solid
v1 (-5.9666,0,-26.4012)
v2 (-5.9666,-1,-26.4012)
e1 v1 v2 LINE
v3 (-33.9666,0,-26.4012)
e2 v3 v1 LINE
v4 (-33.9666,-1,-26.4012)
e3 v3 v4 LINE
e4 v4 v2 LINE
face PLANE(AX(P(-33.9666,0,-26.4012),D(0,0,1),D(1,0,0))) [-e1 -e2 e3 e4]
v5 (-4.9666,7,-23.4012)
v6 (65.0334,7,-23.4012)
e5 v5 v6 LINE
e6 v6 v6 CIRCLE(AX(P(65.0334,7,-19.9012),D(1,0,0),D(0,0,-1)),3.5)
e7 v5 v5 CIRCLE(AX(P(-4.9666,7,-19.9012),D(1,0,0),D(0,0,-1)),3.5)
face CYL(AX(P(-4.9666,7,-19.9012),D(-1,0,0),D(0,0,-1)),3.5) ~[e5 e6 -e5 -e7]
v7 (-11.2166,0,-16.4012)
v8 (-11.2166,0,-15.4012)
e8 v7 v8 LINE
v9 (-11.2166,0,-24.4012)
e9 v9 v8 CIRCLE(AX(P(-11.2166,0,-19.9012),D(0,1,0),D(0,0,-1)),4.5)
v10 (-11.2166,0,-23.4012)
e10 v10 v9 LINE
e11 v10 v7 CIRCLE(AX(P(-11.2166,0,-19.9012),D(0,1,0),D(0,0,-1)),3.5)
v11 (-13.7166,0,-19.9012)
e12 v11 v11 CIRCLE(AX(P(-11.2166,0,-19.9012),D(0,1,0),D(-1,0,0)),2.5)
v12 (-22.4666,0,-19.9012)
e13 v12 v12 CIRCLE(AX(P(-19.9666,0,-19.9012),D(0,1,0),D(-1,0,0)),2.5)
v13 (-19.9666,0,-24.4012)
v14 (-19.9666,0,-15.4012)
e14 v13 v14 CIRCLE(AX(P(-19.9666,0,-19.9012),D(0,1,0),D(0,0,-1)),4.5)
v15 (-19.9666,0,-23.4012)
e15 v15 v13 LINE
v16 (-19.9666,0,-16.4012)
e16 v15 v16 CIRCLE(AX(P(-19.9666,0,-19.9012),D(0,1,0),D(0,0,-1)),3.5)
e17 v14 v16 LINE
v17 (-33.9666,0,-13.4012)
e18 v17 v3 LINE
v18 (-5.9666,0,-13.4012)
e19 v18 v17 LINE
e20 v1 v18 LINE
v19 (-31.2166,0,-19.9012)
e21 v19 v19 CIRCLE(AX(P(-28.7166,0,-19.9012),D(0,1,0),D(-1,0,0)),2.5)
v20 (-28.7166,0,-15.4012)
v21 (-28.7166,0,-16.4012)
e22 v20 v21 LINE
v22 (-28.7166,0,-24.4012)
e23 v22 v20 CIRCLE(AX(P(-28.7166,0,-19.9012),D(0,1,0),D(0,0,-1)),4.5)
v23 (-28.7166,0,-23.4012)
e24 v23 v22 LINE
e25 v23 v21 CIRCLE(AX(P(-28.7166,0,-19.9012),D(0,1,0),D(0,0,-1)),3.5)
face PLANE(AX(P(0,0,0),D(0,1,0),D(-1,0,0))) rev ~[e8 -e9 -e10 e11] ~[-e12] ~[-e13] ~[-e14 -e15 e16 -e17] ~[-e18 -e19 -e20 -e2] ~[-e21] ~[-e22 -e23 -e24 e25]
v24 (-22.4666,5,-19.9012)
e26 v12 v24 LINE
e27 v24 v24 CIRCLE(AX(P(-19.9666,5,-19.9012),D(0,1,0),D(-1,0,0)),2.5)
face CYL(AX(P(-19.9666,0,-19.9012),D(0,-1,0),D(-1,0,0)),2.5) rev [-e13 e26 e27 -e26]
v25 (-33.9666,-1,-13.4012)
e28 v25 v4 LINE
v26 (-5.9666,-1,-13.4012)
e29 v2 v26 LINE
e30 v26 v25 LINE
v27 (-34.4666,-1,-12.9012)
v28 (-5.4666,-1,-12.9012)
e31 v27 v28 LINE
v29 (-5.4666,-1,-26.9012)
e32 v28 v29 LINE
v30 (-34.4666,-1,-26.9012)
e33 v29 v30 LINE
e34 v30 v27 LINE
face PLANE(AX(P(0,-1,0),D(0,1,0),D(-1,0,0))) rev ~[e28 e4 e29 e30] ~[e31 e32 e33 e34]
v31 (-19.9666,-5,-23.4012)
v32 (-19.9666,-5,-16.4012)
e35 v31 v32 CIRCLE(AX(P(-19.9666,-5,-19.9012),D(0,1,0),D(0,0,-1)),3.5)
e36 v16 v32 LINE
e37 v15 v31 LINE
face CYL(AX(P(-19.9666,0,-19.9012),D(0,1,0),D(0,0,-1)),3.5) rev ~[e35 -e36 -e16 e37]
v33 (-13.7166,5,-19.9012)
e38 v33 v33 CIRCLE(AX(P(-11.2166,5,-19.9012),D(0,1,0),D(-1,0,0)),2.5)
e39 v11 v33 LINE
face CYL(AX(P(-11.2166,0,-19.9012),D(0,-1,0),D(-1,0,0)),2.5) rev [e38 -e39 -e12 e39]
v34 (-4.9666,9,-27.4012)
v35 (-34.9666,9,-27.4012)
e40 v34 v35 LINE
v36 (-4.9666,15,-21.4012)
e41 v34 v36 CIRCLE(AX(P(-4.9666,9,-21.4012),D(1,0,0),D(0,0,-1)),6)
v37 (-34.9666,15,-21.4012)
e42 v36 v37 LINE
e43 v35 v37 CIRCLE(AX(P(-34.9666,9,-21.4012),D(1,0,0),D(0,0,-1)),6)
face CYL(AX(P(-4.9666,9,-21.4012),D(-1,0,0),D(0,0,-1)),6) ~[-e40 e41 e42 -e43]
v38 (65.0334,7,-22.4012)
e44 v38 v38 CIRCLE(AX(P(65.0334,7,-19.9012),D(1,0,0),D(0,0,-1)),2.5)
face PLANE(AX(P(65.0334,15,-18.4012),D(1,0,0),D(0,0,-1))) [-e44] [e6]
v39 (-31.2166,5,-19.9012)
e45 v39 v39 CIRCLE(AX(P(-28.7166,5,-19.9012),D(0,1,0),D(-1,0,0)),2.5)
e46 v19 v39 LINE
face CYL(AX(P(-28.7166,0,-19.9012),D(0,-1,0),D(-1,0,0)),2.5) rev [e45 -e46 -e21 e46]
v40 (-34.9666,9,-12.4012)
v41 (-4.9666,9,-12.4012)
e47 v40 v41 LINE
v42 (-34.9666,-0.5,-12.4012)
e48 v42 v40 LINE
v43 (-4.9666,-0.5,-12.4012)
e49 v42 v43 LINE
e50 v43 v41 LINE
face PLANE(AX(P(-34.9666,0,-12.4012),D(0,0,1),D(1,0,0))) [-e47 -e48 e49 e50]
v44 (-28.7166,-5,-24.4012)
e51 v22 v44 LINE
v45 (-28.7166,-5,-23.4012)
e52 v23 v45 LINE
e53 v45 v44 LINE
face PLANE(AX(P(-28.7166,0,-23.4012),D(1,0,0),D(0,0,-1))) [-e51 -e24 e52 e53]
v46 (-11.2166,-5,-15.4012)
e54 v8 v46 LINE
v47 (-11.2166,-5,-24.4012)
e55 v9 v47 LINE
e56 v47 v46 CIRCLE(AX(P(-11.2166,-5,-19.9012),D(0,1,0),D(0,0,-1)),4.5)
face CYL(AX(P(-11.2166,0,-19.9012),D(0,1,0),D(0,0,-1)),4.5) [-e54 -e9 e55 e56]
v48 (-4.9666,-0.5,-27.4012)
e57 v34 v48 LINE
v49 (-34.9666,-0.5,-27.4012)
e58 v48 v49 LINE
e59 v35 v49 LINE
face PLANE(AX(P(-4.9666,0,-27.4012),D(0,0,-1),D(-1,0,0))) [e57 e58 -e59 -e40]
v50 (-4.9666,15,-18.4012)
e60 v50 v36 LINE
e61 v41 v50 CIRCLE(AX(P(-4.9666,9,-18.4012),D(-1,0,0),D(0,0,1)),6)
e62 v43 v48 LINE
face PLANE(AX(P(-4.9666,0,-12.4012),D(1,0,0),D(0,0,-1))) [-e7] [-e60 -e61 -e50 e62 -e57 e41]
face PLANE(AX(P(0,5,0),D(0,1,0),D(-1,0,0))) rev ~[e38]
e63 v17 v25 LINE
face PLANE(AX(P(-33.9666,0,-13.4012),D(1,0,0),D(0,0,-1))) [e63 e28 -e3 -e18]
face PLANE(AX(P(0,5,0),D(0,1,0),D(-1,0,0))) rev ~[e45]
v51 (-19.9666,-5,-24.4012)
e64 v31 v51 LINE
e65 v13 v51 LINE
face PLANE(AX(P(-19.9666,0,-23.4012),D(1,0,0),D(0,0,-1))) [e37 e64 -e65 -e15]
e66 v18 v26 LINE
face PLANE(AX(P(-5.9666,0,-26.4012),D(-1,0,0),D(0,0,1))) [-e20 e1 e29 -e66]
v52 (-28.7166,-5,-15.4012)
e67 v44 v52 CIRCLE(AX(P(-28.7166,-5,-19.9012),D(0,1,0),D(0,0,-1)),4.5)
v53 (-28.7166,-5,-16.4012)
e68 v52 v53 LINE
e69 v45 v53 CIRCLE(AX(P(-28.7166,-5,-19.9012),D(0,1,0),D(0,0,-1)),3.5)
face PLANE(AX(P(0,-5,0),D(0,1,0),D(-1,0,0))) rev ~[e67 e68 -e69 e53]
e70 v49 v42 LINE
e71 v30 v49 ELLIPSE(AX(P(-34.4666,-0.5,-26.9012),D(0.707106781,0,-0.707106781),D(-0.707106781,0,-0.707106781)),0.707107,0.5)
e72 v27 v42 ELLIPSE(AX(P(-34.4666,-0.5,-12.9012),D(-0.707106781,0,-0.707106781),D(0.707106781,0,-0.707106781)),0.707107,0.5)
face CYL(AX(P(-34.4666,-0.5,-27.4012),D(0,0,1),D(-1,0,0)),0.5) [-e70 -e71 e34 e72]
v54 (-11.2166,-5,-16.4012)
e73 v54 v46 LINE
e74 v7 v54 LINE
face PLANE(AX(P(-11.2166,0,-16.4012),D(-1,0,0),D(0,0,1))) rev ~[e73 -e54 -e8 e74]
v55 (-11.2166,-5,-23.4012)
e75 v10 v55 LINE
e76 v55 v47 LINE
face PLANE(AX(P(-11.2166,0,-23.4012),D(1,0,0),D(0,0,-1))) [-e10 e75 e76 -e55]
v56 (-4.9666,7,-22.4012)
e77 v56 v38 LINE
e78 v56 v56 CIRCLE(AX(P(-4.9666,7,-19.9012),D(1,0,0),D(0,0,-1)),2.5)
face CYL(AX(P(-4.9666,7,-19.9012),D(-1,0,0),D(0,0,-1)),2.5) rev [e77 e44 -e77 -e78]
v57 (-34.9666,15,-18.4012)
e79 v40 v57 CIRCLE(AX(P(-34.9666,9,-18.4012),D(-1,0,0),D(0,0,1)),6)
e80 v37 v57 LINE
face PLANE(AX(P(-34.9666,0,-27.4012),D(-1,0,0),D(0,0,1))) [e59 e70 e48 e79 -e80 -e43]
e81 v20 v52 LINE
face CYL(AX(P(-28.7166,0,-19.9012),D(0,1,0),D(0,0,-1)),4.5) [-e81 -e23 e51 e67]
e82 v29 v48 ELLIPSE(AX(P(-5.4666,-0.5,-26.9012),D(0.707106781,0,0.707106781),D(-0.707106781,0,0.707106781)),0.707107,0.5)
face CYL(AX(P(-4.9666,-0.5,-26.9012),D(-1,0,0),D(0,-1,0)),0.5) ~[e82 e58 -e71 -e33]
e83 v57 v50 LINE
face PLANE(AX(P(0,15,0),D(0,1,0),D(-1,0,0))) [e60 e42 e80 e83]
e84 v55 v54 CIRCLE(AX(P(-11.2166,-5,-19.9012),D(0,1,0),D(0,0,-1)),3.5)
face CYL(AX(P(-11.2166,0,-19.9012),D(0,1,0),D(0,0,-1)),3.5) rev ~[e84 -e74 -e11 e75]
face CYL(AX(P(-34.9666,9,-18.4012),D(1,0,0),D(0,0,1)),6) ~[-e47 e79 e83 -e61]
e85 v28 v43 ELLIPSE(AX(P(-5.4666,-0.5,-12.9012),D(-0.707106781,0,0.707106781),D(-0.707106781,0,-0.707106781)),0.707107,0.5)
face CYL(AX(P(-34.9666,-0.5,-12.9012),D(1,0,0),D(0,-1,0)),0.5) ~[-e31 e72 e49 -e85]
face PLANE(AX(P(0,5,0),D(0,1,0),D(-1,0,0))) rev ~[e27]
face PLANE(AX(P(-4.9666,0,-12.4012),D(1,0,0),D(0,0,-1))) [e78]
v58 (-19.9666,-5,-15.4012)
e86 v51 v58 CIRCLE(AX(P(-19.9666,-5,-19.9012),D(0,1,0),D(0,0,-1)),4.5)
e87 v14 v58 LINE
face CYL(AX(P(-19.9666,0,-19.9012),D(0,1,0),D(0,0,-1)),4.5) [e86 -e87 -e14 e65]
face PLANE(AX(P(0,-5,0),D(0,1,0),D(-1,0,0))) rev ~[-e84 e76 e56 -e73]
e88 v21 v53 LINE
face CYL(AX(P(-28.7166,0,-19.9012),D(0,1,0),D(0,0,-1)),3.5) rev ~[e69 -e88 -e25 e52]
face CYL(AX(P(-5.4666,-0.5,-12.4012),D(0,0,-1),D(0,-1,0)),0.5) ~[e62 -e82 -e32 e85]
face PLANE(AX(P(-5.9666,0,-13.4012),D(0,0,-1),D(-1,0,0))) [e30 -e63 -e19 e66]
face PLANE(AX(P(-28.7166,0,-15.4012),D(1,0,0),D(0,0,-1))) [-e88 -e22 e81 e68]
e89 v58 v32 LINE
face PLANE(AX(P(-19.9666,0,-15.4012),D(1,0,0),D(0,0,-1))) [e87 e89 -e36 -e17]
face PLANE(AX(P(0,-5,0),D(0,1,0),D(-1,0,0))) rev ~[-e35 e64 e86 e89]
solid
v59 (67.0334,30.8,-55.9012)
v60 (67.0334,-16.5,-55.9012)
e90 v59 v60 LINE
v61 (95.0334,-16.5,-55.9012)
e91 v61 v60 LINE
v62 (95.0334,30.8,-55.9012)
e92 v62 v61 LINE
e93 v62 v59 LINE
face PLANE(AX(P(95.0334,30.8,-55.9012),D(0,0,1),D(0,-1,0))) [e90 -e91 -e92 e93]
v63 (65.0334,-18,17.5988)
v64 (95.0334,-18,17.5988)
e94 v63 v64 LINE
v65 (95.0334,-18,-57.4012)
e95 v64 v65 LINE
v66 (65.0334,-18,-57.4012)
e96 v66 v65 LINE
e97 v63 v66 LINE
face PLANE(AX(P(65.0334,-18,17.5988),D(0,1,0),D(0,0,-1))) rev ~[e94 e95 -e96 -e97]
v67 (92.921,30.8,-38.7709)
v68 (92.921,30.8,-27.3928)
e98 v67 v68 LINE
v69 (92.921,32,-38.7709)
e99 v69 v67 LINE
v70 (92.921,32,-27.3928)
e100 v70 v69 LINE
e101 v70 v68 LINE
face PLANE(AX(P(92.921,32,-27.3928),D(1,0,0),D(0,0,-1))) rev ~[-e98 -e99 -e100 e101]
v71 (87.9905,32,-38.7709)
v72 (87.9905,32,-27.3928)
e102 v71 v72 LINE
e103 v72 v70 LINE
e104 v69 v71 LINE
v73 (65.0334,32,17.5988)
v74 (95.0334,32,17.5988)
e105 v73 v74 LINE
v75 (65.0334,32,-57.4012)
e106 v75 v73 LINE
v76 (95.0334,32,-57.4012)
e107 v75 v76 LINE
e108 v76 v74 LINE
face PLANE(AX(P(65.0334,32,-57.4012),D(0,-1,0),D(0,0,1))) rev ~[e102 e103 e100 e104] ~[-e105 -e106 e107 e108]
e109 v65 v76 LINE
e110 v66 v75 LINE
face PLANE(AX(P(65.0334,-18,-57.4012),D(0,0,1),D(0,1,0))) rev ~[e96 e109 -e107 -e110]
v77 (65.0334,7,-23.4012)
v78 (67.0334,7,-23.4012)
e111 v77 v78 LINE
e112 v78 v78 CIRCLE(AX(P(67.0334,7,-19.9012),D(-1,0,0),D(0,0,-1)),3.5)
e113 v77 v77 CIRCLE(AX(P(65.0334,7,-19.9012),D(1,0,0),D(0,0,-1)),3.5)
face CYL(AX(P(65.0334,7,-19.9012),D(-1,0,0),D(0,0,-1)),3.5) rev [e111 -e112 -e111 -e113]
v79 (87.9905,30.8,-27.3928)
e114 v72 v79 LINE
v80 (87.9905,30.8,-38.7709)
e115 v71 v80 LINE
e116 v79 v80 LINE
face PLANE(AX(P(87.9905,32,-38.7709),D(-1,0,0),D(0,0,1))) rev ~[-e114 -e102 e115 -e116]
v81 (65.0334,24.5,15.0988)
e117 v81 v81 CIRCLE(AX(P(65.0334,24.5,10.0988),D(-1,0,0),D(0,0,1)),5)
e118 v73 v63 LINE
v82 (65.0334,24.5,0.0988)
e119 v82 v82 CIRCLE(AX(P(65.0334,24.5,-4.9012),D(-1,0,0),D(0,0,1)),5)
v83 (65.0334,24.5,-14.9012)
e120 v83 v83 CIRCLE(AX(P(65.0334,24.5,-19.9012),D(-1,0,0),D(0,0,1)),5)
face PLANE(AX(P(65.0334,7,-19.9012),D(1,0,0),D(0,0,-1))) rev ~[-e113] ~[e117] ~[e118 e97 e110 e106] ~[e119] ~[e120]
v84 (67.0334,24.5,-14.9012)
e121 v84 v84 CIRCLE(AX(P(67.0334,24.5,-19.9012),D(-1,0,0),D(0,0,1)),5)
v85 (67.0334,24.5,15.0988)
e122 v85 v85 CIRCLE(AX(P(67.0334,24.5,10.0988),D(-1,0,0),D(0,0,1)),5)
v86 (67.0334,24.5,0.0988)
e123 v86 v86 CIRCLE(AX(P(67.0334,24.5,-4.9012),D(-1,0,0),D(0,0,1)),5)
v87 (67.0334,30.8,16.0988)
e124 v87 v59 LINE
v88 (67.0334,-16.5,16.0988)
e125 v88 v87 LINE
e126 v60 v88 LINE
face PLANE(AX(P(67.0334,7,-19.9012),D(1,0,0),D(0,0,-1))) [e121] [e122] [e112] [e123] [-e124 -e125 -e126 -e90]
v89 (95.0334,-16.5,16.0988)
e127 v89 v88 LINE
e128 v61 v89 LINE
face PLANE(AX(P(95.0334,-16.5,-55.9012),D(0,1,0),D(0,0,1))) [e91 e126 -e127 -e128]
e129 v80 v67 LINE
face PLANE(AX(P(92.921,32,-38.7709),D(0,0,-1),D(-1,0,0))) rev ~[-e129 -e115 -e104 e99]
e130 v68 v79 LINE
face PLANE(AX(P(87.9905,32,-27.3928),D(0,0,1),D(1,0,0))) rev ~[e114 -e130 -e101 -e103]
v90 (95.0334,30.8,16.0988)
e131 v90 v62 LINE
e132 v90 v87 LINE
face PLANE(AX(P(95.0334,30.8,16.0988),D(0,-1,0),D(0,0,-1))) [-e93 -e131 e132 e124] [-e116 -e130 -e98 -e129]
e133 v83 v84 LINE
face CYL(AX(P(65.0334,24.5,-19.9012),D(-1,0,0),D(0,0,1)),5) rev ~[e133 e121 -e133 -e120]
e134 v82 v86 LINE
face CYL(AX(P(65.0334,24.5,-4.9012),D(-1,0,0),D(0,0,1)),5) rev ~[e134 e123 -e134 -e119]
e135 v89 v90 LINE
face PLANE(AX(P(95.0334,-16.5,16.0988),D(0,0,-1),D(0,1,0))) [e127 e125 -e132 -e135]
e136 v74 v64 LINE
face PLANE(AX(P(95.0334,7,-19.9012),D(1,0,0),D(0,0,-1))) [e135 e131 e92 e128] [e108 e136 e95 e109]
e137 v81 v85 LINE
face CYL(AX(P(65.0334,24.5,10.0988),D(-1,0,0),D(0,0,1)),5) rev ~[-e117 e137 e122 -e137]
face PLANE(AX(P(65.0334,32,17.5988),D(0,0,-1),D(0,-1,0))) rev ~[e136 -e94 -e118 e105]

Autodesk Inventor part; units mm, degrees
ref_plane "YZ Plane" through (0, 0, 0) normal (1, 0, 0) x (0, 1, 0)
ref_plane "XZ Plane" through (0, 0, 0) normal (0, 1, 0) x (-1, 0, 0)
ref_plane "XY Plane" through (0, 0, 0) normal (0, 0, 1) x (1, 0, 0)
sketch "Skizze1" plane through (0, 0, 0) normal (0, 1, 0) x (-1, 0, 0)
  line L0 (34.9666, -12.4012) -> (4.9666, -12.4012)
  line L1 (4.9666, -12.4012) -> (4.9666, -27.4012)
  line L2 (4.9666, -27.4012) -> (34.9666, -27.4012)
  line L3 (34.9666, -27.4012) -> (34.9666, -12.4012)
  circle A0 centre (28.7166, -19.9012) radius 2.5
  circle A1 centre (19.9666, -19.9012) radius 2.5
  circle A2 centre (11.2166, -19.9012) radius 2.5
  line L4 (34.9666, -19.9012) -> (4.9666, -19.9012) construction
  arc A3 (19.9666, -23.4012) -> (19.9666, -16.4012) centre (19.9666, -19.9012) ccw
  arc A4 (28.7166, -23.4012) -> (28.7166, -16.4012) centre (28.7166, -19.9012) ccw
  arc A5 (11.2166, -23.4012) -> (11.2166, -16.4012) centre (11.2166, -19.9012) ccw
  arc A6 (11.2166, -24.4012) -> (11.2166, -15.4012) centre (11.2166, -19.9012) ccw
  arc A7 (19.9666, -24.4012) -> (19.9666, -15.4012) centre (19.9666, -19.9012) ccw
  arc A8 (28.7166, -24.4012) -> (28.7166, -15.4012) centre (28.7166, -19.9012) ccw
  line L5 (11.2166, -16.4012) -> (11.2166, -15.4012)
  line L6 (11.2166, -23.4012) -> (11.2166, -24.4012)
  line L7 (19.9666, -15.4012) -> (19.9666, -16.4012)
  line L8 (19.9666, -23.4012) -> (19.9666, -24.4012)
  line L9 (28.7166, -15.4012) -> (28.7166, -16.4012)
  line L10 (28.7166, -23.4012) -> (28.7166, -24.4012)
  line L11 (33.9666, -26.4012) -> (5.9666, -26.4012)
  line L12 (5.9666, -26.4012) -> (5.9666, -13.4012)
  line L13 (5.9666, -13.4012) -> (33.9666, -13.4012)
  line L14 (33.9666, -13.4012) -> (33.9666, -26.4012)
  point P0 (0, 0)
  dimension "d0" = 30
  dimension "d1" = 5
  dimension "d2" = 5
  dimension "d3" = 5
  dimension "d4" = 15
  dimension "d6" = 0
  dimension "d7" = 0
  dimension "d8" = 0
  dimension "d11" = 6.25
  dimension "d12" = 6.25
  dimension "d14" = 8.75
  dimension "d15" = 3.5
  dimension "d16" = 3.5
  dimension "d17" = 3.5
  dimension "d18" = 4.5
  dimension "d19" = 4.5
  dimension "d20" = 4.5
  dimension "d26" = 1
  dimension "d27" = 1
  dimension "d28" = 1
  dimension "d29" = 1
extrude "Extrusion1" add sketch "Skizze1" along normal blind 15 contours L3 L2 L1 L0 | A0 | A1 | A2 | A3 L7 A7 L8 | A4 L9 A8 L10 | A5 L5 A6 L6 | L11 L12 L13 L14
extrude "Extrusion2" add sketch "Skizze1" against normal blind 5 contours A3 L7 A7 L8 | A4 L9 A8 L10 | A5 L5 A6 L6
fillet "Rundung1" radius 6 2 edges at (-19.9666, 15, -12.4012) (-19.9666, 15, -27.4012)
extrude "Extrusion3" add sketch "Skizze1" against normal blind 1 contours L3 L2 L1 L0
extrude "Extrusion4" cut sketch "Skizze1" along normal blind 5 contours A0 | A1 | A2
fillet "Rundung3" radius 0.5 4 edges at (-19.9666, -1, -27.4012) (-4.9666, -1, -19.9012) (-19.9666, -1, -12.4012) (-34.9666, -1, -19.9012)
sketch "Skizze2" plane through (-4.9666, 15, -18.4012) normal (1, 0, 0) x (0, 0, -1)
  circle A0 centre (1.5, -8) radius 3.5
  circle A1 centre (1.5, -8) radius 2.5
  line L0 (-6, -6) -> (-6, -15.5) projected
  line L1 (0, 0) -> (3, 0) projected
  line L2 (-5.5, -16) -> (8.5, -16) projected
  point P0 (-18.4012, -15)
  dimension "d37" = 7
  dimension "d38" = 5
  dimension "d39" = 7.5
  dimension "d41" = 8
extrude "Extrusion5" add sketch "Skizze2" along normal blind 70
sketch "Skizze3" plane through (65.0334, 7, -19.9012) normal (1, 0, 0) x (0, 0, -1)
  line L0 (37.5, 25) -> (-37.5, 25)
  line L1 (-37.5, 25) -> (-37.5, -25)
  line L2 (-37.5, -25) -> (37.5, -25)
  line L3 (37.5, -25) -> (37.5, 25)
  circle A0 centre (0, 0) radius 3.5 projected
  line L4 (37.5, 25) -> (-37.5, -25) construction
  line L5 (-37.5, 25) -> (37.5, -25) construction
  point P0 (-19.9012, -7)
  dimension "d44" = 75
  dimension "d45" = 50
extrude "Extrusion6" add sketch "Skizze3" along normal blind 30
sketch "Skizze4" plane through (65.0334, 7, -19.9012) normal (-1, 0, 0) x (0, 0, 1)
  circle A0 centre (30, 17.5) radius 5
  circle A1 centre (15, 17.5) radius 5
  circle A2 centre (0, 17.5) radius 5
  line L0 (-37.5, 25) -> (37.5, 25) projected
  line L1 (-37.5, -25) -> (-37.5, 25) projected
  line L2 (37.5, 25) -> (37.5, -25) projected
  point P0 (19.9012, -7)
  dimension "d48" = 10
  dimension "d49" = 10
  dimension "d50" = 10
  dimension "d61" = 7.5
  dimension "d62" = 7.5
  dimension "d63" = 7.5
  dimension "d65" = 7.5
  dimension "d68" = 15
  dimension "d69" = 15
sketch "Skizze5" plane through (65.0334, 32, 17.5988) normal (0, 1, 0) x (1, 0, 0)
  line L0 (22.9571, 44.9916) -> (27.8876, 44.9916)
  line L1 (27.8876, 44.9916) -> (27.8876, 56.3697)
  line L2 (27.8876, 56.3697) -> (22.9571, 56.3697)
  line L3 (22.9571, 56.3697) -> (22.9571, 44.9916)
  point P0 (-65.0334, 17.5988)
sketch "Skizze6" plane through (95.0334, 7, -19.9012) normal (1, 0, 0) x (0, 0, -1)
  line L0 (36, -23.5) -> (-36, -23.5)
  line L1 (-36, -23.5) -> (-36, 23.8)
  line L2 (-36, 23.8) -> (36, 23.8)
  line L3 (36, 23.8) -> (36, -23.5)
  line L4 (-37.5, -25) -> (37.5, -25) projected
  line L5 (-37.5, 25) -> (-37.5, -25) projected
  line L6 (37.5, 25) -> (-37.5, 25) projected
  line L7 (37.5, -25) -> (37.5, 25) projected
  point P0 (-19.9012, -7)
  dimension "d51" = 1.5
  dimension "d52" = 1.5
  dimension "d53" = 1.2
  dimension "d54" = 1.5
extrude "Extrusion7" cut sketch "Skizze6" against normal blind 28 contours L0 L1 L2 L3
extrude "Extrusion8" cut sketch "Skizze4" against normal blind 28
extrude "Extrusion9" cut sketch "Skizze5" against normal blind 28
properties part number "Ampel"
